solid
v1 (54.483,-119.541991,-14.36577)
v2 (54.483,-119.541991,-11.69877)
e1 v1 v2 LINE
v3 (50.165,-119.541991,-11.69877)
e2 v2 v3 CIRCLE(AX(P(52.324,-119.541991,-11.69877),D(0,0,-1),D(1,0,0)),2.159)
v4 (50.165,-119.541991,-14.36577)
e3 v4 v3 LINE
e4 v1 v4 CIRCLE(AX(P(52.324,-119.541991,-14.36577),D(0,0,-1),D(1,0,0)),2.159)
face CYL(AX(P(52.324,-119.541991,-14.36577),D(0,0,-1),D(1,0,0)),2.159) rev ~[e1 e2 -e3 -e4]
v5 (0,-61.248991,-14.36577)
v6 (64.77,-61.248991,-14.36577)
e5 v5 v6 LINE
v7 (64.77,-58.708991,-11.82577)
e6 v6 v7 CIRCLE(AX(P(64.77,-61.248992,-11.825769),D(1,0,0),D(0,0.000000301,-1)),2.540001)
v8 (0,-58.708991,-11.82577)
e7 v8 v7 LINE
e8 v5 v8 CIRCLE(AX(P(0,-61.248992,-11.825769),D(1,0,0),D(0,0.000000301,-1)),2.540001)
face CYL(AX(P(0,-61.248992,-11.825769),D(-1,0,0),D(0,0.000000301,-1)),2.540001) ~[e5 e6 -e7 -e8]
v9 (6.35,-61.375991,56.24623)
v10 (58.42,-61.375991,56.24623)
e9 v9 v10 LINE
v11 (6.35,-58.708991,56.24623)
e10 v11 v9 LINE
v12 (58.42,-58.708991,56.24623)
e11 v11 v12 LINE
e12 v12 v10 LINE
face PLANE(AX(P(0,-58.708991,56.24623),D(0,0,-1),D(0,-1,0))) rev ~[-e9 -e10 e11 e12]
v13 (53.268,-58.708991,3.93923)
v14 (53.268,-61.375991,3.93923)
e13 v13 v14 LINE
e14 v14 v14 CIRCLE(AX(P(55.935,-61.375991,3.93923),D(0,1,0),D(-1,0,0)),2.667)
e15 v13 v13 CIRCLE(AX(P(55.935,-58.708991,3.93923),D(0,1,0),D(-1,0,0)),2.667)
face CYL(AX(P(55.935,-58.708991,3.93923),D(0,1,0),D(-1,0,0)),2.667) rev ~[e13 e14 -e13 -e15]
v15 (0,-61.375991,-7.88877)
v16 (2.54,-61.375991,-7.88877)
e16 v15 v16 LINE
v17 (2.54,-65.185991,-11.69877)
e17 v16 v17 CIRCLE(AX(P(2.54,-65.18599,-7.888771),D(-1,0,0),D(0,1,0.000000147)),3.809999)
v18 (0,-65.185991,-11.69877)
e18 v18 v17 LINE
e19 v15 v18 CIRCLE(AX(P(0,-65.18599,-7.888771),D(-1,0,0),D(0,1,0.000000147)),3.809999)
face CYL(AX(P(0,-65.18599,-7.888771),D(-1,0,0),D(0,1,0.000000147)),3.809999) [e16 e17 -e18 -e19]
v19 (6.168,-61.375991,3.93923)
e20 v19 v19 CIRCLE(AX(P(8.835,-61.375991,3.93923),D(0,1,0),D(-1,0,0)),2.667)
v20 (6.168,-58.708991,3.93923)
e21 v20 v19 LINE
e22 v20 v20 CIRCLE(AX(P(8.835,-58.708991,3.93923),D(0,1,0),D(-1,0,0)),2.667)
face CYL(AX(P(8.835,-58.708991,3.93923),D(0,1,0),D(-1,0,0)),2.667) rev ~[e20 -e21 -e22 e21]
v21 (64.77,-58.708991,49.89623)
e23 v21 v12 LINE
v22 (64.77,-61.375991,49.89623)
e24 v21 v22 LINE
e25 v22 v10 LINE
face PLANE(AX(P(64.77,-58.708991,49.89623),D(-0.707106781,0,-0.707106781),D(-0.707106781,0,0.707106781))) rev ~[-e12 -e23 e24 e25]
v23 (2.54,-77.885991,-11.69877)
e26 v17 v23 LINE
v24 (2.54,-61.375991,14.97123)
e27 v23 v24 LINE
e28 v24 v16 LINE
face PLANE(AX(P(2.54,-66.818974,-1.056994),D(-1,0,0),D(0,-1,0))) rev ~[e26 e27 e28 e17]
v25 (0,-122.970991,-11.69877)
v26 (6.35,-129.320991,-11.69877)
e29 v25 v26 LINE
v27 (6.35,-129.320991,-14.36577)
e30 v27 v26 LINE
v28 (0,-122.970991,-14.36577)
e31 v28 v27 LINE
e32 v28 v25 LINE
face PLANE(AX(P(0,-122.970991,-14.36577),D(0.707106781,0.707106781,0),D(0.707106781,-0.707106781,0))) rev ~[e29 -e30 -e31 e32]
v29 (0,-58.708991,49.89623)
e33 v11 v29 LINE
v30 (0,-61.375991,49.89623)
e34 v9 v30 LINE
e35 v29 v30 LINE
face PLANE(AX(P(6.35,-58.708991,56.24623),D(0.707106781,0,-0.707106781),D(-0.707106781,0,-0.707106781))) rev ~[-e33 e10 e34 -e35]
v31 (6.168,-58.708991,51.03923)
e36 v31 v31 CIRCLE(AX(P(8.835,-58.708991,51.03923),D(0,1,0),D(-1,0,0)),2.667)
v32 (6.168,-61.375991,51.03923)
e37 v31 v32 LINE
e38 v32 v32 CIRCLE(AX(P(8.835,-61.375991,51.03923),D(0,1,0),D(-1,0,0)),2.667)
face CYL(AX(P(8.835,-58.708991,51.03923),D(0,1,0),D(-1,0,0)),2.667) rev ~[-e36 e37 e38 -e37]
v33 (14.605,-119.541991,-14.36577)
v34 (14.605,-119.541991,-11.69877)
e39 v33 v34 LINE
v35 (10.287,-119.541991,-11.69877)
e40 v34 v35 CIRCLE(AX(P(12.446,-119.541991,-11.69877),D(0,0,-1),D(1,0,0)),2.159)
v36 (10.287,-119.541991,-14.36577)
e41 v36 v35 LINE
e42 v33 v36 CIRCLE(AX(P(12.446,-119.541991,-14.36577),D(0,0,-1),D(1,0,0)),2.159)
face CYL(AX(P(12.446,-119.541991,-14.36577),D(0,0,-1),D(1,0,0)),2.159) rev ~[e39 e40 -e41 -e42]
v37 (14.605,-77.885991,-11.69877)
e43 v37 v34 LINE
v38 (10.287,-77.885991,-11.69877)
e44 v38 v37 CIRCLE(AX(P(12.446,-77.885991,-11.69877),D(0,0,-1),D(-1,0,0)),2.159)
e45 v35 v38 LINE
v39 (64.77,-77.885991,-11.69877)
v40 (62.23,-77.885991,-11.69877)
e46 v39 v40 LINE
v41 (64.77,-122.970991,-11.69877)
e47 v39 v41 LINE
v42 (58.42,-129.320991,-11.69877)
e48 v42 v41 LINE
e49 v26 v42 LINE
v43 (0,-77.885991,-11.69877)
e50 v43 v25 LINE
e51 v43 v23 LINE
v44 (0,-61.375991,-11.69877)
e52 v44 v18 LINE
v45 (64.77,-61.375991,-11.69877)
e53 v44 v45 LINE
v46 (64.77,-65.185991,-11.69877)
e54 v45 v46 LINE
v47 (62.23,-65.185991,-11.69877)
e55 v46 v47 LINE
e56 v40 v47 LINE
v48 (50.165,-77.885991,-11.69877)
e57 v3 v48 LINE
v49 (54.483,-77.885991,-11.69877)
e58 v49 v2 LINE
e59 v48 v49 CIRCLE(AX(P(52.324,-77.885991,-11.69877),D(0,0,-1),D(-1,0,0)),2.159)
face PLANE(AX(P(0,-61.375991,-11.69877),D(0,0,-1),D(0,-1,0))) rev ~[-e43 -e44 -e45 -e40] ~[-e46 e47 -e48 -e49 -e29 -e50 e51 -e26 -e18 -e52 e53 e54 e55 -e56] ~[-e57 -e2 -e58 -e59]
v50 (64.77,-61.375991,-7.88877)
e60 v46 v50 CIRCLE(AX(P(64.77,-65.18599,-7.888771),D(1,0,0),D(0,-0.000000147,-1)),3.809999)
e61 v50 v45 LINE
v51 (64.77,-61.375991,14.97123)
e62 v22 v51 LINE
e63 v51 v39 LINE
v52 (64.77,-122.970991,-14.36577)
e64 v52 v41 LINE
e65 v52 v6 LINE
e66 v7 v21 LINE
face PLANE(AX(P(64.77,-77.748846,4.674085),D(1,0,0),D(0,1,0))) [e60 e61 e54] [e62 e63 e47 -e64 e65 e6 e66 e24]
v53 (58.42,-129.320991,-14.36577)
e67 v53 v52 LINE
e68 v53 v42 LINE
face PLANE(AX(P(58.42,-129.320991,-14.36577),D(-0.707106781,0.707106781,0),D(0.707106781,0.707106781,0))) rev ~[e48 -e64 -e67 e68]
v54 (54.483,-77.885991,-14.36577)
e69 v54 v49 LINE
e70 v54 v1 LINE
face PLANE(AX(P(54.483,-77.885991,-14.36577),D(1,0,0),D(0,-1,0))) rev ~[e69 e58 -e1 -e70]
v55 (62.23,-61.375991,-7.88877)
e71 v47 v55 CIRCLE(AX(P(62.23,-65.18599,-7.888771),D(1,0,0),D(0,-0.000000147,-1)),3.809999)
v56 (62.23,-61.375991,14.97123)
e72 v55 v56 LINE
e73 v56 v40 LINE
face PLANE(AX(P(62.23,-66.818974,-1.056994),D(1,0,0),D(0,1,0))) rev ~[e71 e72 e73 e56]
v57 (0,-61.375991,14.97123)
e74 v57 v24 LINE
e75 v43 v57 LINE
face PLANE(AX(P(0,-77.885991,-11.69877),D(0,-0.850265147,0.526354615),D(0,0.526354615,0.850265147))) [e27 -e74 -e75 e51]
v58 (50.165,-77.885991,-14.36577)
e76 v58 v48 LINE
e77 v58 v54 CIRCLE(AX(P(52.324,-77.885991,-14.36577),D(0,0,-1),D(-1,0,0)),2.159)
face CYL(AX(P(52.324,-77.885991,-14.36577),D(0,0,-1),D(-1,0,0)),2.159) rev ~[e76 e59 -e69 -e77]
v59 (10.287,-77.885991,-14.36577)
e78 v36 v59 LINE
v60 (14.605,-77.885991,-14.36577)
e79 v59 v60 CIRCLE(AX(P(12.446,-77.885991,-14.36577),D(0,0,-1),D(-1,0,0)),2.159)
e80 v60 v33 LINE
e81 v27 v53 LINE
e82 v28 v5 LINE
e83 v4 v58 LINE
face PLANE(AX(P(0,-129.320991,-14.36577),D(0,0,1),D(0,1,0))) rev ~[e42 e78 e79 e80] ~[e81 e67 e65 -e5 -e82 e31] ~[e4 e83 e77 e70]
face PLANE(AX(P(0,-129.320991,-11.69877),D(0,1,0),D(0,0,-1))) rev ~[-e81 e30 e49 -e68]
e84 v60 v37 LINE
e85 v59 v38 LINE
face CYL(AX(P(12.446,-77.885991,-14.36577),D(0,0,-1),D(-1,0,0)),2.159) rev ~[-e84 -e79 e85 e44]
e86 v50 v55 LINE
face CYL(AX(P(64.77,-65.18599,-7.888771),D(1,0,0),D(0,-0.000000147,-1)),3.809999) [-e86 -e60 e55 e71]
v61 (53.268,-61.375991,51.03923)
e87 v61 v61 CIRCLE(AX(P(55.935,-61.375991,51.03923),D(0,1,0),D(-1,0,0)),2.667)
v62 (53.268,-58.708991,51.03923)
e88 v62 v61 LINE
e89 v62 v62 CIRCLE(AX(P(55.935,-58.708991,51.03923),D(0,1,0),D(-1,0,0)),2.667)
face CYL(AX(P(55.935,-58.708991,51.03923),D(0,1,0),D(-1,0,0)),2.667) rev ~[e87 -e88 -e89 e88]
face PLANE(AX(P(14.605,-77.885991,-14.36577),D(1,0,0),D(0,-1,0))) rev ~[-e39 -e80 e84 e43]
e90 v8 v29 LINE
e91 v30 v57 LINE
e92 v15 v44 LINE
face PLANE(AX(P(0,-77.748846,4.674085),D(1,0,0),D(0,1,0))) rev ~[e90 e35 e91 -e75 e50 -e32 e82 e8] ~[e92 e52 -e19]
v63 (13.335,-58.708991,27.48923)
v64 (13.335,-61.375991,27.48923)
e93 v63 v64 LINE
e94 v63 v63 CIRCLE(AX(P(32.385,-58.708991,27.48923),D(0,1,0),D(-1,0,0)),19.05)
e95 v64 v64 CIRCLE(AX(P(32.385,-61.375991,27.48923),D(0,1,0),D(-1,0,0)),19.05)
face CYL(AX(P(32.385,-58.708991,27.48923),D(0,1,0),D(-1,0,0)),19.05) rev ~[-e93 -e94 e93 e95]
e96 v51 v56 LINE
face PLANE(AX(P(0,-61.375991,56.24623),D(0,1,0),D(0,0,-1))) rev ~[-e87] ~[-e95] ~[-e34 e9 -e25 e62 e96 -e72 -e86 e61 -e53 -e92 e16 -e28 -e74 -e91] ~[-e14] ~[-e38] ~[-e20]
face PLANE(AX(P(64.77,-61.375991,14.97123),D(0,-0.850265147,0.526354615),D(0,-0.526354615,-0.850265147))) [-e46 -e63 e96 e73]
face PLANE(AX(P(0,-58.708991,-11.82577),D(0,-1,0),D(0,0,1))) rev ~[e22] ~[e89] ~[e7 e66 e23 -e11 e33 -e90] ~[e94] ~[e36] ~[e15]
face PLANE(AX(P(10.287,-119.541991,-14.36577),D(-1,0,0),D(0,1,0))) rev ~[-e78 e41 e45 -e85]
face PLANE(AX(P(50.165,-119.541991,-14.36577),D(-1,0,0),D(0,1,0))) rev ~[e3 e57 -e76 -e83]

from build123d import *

# Parameters (mm, degrees)
F1_DEPTH = 64.77
F4_DEPTH = 2.54
F5_DEPTH = 2.54
F6_R     = 2.667
F6_R_2   = 19.05
F7_DEPTH = 70.613
F9_DEPTH = 70.613


with BuildPart() as f1:
    # F0 (on Right) → F1 (new body)
    with BuildSketch(Plane.YZ):
        with BuildLine():
            Line((-58.708991, 56.24623), (-61.375991, 56.24623))
            Line((-61.375991, 56.24623), (-61.375991, -11.69877))
            Line((-61.375991, -11.69877), (-129.320991, -11.69877))
            Line((-129.320991, -11.69877), (-129.320991, -14.36577))
            Line((-129.320991, -14.36577), (-61.248991, -14.36577))
            ThreePointArc((-61.248991, -14.36577), (-59.45294, -13.621821), (-58.708991, -11.82577))
            Line((-58.708991, -11.82577), (-58.708991, 56.24623))
        make_face()
    extrude(amount=F1_DEPTH)

    # F3 (on face) → F4 (join)
    with BuildSketch(Plane(origin=(0, 0, 0), x_dir=(0, -1, 0), z_dir=(-1, 0, 0))):
        with BuildLine():
            Line((77.885991, -11.69877), (61.375991, 14.97123))
            Line((61.375991, 14.97123), (61.375991, -7.88877))
            ThreePointArc((61.375991, -7.88877), (62.491914, -10.582847), (65.185991, -11.69877))
            Line((65.185991, -11.69877), (77.885991, -11.69877))
        make_face()
    extrude(amount=-F4_DEPTH)

    # F2 (on face) → F5 (join)
    with BuildSketch(Plane.YZ.offset(64.77)):
        with BuildLine():
            Line((-61.375991, -7.88877), (-61.375991, 14.97123))
            Line((-61.375991, 14.97123), (-77.885991, -11.69877))
            Line((-77.885991, -11.69877), (-65.185991, -11.69877))
            ThreePointArc((-65.185991, -11.69877), (-62.491914, -10.582847), (-61.375991, -7.88877))
        make_face()
    extrude(amount=-F5_DEPTH)

    # F6 (on face) → F7 (cut, through all)
    with BuildSketch(Plane(origin=(0, -58.708991, 0), x_dir=(-1, 0, 0), z_dir=(0, 1, 0))):
        Polygon((-64.77, 56.24623), (-64.77, 49.89623), (-58.42, 56.24623), align=None)
        with Locations((-55.935, 51.03923)):
            Circle(F6_R)
        with Locations((-8.835, 51.03923)):
            Circle(F6_R)
        Polygon((0, 56.24623), (-6.35, 56.24623), (0, 49.89623), align=None)
        with Locations((-32.385, 27.48923)):
            Circle(F6_R_2)
        with Locations((-55.935, 3.93923)):
            Circle(F6_R)
        with Locations((-8.835, 3.93923)):
            Circle(F6_R)
    extrude(amount=-F7_DEPTH, mode=Mode.SUBTRACT)

    # F8 (on face) → F9 (cut, through all)
    with BuildSketch(Plane(origin=(0, 0, -14.36577), x_dir=(1, 0, 0), z_dir=(0, 0, -1))):
        Polygon((0, 129.320991), (0, 122.970991), (6.35, 129.320991), align=None)
        with BuildLine():
            Line((14.605, 77.885991), (14.605, 119.541991))
            ThreePointArc((14.605, 119.541991), (12.446, 121.700991), (10.287, 119.541991))
            Line((10.287, 119.541991), (10.287, 77.885991))
            ThreePointArc((10.287, 77.885991), (12.446, 75.726991), (14.605, 77.885991))
        make_face()
        with BuildLine():
            Line((54.483, 77.885991), (54.483, 119.541991))
            ThreePointArc((54.483, 119.541991), (52.324, 121.700991), (50.165, 119.541991))
            Line((50.165, 119.541991), (50.165, 77.885991))
            ThreePointArc((50.165, 77.885991), (52.324, 75.726991), (54.483, 77.885991))
        make_face()
        Polygon((64.77, 129.320991), (58.42, 129.320991), (64.77, 122.970991), align=None)
    extrude(amount=-F9_DEPTH, mode=Mode.SUBTRACT)


solid = f1.part
